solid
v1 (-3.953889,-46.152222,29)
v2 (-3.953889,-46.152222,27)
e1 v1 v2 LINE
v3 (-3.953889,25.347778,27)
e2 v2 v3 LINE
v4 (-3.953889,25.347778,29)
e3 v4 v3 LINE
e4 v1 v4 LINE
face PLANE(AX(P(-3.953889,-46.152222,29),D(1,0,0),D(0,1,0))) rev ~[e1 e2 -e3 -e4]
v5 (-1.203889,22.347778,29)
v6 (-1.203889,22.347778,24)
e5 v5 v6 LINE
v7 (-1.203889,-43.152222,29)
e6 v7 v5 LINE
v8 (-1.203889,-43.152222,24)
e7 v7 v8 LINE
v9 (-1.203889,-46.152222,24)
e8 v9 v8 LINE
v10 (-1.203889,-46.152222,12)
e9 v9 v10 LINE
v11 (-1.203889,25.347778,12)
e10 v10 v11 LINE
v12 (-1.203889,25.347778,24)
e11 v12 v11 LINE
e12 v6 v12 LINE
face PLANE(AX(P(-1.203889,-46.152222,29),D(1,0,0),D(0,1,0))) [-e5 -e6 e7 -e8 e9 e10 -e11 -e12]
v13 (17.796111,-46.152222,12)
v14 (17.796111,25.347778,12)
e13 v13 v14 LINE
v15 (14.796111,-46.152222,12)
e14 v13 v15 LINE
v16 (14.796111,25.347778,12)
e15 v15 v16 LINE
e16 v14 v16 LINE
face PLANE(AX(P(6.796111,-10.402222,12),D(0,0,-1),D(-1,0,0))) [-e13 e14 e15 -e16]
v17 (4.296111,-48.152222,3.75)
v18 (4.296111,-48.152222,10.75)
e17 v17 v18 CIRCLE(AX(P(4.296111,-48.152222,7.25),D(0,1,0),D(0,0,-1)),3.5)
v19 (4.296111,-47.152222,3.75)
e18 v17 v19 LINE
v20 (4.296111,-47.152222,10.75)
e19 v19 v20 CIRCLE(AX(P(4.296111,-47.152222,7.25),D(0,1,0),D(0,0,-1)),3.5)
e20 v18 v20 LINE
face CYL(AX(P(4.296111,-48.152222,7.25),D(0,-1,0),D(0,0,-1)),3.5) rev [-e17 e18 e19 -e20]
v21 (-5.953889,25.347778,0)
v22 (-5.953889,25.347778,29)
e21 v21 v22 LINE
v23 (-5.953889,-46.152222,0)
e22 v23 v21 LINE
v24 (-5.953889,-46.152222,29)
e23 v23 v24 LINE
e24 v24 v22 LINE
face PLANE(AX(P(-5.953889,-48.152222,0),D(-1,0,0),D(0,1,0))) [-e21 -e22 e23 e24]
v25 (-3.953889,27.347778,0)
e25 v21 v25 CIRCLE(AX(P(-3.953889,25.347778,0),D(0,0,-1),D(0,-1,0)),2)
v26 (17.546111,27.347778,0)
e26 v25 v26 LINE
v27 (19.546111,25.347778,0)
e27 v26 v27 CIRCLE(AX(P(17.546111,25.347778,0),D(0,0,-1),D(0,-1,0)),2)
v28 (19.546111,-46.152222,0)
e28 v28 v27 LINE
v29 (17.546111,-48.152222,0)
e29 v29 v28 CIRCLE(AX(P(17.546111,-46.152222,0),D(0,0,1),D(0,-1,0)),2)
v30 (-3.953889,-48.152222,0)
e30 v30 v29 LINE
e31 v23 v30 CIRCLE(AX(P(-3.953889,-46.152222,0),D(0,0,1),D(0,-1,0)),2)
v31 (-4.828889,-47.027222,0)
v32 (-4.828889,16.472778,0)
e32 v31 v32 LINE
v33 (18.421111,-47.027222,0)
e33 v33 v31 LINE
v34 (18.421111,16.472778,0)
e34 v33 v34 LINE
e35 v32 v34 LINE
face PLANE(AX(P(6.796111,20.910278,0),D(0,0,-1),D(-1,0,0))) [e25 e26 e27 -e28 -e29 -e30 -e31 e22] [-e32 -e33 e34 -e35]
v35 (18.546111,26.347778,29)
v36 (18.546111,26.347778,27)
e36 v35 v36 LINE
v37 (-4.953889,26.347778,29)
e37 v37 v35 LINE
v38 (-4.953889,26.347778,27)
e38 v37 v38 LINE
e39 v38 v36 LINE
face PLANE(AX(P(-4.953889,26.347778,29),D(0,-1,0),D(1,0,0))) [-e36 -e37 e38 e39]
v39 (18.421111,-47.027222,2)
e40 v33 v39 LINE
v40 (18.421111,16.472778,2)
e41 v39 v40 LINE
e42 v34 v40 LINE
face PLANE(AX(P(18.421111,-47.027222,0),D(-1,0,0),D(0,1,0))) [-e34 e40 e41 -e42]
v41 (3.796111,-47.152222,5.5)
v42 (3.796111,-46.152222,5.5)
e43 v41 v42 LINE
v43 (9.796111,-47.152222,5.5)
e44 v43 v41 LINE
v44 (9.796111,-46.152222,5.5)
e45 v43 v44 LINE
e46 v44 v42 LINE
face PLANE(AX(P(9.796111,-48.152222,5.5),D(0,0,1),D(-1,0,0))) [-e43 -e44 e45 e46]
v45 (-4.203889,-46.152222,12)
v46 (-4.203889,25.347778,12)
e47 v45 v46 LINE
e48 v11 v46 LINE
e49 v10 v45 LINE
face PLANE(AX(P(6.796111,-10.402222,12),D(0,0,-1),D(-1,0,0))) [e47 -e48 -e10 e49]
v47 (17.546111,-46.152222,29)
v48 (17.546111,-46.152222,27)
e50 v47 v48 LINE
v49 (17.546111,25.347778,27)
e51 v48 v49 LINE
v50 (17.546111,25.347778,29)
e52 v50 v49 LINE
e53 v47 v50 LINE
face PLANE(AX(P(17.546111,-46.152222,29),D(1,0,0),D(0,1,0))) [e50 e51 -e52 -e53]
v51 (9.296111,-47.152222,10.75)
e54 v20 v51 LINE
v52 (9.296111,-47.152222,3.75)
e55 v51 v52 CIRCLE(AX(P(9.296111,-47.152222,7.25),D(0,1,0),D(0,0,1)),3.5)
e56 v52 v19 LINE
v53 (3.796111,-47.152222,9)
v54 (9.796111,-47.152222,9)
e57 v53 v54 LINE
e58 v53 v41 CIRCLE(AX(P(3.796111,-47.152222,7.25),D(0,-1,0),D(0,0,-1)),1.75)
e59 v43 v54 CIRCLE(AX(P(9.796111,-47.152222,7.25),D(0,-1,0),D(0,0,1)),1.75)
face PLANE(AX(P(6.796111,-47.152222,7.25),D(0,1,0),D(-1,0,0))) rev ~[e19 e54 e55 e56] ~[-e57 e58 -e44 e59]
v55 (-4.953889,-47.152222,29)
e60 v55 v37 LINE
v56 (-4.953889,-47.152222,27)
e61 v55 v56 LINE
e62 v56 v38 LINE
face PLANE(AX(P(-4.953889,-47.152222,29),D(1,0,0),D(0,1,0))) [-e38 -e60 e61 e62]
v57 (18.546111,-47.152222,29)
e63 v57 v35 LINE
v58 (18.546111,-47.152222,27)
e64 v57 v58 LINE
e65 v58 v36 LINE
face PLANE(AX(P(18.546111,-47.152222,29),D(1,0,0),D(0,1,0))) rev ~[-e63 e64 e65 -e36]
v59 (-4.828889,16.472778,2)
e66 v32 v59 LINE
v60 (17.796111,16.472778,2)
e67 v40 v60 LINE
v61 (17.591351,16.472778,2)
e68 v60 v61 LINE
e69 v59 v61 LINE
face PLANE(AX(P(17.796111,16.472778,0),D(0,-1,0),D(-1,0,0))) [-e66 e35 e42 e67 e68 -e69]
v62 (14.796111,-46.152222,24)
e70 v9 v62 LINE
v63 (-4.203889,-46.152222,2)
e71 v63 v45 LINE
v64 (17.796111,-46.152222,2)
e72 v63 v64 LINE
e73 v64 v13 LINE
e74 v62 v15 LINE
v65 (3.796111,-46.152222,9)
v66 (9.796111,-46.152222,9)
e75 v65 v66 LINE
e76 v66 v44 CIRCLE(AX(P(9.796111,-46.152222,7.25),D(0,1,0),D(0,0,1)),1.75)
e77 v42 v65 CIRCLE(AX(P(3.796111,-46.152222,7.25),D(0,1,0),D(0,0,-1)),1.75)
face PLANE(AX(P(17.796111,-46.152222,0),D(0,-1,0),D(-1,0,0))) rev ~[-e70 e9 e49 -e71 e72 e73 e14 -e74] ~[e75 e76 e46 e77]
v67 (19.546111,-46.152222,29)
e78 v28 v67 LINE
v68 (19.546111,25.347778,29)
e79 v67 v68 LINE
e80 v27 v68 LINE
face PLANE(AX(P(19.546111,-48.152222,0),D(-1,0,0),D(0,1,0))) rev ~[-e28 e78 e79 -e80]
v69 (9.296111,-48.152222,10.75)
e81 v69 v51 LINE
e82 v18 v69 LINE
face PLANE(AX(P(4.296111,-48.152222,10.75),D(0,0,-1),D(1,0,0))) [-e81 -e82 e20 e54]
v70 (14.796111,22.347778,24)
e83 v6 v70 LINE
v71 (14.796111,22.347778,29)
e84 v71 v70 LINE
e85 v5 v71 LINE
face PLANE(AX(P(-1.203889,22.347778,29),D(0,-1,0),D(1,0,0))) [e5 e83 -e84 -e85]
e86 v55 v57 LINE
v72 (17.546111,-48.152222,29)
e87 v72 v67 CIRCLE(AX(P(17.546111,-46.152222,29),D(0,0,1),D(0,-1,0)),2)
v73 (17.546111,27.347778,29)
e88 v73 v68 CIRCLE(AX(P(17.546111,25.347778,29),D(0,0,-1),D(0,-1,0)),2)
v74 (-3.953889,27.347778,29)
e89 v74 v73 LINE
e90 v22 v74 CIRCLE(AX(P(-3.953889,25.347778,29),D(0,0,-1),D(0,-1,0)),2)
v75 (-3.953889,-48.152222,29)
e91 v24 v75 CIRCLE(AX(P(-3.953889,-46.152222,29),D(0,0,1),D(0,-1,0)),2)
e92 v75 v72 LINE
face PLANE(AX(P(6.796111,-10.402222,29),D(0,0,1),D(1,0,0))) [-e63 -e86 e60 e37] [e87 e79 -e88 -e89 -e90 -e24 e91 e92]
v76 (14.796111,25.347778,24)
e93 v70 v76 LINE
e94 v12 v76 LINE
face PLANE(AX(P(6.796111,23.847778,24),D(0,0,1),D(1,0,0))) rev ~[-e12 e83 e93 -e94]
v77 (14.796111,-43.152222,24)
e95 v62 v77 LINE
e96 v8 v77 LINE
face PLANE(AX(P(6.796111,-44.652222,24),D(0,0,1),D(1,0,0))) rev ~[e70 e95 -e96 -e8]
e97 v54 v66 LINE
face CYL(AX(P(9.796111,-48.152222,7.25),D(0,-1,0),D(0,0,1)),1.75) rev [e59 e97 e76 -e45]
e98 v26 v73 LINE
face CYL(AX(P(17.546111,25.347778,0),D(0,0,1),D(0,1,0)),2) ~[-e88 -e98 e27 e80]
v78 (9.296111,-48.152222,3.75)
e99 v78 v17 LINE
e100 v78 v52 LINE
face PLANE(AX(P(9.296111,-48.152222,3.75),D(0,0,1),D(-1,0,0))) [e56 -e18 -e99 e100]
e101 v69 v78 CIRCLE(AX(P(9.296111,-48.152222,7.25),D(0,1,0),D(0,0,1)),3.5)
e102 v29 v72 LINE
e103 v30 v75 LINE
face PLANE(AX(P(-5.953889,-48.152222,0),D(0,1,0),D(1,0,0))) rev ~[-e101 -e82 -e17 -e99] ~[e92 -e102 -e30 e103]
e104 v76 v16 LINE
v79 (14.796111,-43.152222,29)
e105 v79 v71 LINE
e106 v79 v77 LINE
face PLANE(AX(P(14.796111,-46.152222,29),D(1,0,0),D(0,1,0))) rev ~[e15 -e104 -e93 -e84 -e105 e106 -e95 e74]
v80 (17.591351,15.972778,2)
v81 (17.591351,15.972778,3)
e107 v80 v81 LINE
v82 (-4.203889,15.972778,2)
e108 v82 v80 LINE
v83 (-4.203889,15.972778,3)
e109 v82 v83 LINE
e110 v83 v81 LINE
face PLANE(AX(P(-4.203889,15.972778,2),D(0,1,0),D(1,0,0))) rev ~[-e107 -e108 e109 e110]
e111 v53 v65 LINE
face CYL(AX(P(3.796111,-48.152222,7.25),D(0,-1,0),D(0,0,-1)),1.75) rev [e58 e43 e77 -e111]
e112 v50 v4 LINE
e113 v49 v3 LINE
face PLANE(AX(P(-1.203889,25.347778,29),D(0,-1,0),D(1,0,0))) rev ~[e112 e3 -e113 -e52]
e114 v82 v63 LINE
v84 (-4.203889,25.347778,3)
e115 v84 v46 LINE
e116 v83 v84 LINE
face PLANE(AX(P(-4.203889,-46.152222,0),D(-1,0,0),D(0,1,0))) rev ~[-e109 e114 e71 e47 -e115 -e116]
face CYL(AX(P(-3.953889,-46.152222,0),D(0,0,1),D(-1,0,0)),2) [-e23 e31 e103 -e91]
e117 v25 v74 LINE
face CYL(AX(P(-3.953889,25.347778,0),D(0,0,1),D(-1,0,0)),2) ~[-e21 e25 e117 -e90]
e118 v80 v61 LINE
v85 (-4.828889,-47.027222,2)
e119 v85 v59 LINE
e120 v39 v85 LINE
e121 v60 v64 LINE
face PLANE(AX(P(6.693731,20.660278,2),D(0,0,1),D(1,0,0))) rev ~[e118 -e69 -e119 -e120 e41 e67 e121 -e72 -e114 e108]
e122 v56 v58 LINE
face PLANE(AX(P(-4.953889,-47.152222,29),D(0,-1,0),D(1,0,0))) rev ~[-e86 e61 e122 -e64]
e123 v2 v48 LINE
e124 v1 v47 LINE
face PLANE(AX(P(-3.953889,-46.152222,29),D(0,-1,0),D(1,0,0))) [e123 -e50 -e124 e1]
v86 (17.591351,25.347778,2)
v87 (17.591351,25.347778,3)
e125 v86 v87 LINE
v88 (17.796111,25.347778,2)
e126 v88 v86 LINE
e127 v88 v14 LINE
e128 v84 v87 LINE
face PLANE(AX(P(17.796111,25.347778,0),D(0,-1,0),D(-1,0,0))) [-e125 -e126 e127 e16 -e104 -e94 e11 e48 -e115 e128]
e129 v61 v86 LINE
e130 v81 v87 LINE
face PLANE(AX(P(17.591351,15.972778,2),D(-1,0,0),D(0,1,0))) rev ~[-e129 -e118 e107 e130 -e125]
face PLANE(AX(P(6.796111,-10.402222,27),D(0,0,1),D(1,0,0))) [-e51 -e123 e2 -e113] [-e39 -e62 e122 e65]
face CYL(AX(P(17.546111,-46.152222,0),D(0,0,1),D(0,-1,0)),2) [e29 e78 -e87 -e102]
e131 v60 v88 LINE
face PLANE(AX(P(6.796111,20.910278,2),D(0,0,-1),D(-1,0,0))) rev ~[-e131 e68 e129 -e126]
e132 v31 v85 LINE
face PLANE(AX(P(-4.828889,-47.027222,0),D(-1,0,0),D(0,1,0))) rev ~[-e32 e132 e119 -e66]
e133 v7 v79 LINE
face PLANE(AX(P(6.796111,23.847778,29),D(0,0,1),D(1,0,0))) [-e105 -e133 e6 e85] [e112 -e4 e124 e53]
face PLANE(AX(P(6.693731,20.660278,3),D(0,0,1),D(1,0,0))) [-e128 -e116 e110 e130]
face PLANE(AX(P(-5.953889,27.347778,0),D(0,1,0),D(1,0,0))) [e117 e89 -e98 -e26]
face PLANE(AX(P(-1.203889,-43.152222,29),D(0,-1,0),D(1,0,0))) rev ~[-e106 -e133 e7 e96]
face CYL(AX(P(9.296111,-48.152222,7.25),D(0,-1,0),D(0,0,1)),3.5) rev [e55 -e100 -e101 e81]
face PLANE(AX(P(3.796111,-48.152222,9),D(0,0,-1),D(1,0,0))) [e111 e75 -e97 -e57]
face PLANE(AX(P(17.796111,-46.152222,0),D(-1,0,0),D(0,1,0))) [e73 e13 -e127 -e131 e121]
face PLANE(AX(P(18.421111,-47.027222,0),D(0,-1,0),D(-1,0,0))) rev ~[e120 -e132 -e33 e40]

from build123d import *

# Parameters (mm, degrees)
SKETCH1_W                  = 25.5
SKETCH1_H                  = 75.5
MAIN_BODY_DEPTH            = 29
SKETCH2_W                  = 16
SKETCH2_H                  = 71.5
BATTERY_CUT_DEPTH          = 17
SKETCH3_W                  = 22
SKETCH3_H                  = 71.5
PCB_CUT_DEPTH              = 12
SKETCH4_W                  = 23.25
SKETCH4_H                  = 63.5
SOLAR_CUT_DEPTH            = 2
SKETCH5_W                  = 22
SKETCH5_H                  = 8.875
SOLAR_GAP_FILL_DEPTH       = 2
USB_CUT_DEPTH              = 2
USB_CLEARANCE_EMBOSS_DEPTH = 1
FILLET1_R                  = 2
SKETCH9_W                  = 23.5
SKETCH9_H                  = 73.5
SKETCH9_W_2                = 21.5
SKETCH9_H_2                = 71.5
CUT_EXTRUDE7_DEPTH         = 2
SKETCH10_W                 = 16
SKETCH10_H                 = 3
BOSS_EXTRUDE3_DEPTH        = 5
SKETCH11_W                 = 21.795239569
SKETCH11_H                 = 9.375
BOSS_EXTRUDE4_DEPTH        = 1


with BuildPart() as part:
    # Sketch1 → main body (new body)
    with BuildSketch(Plane.XY):
        with Locations((6.796111111, -10.402222222)):
            Rectangle(SKETCH1_W, SKETCH1_H)
    extrude(amount=MAIN_BODY_DEPTH)

    # Sketch2 → battery cut (cut)
    with BuildSketch(Plane.XY.offset(29)):
        with Locations((6.796111111, -10.402222222)):
            Rectangle(SKETCH2_W, SKETCH2_H)
    extrude(amount=-BATTERY_CUT_DEPTH, mode=Mode.SUBTRACT)

    # Sketch3 → pcb cut (cut)
    with BuildSketch(Plane(origin=(0, 0, 0), x_dir=(-1, 0, 0), z_dir=(0, 0, -1))):
        with Locations((-6.796111111, -10.402222222)):
            Rectangle(SKETCH3_W, SKETCH3_H)
    extrude(amount=-PCB_CUT_DEPTH, mode=Mode.SUBTRACT)

    # Sketch4 → solar cut (cut)
    with BuildSketch(Plane(origin=(0, 0, 0), x_dir=(-1, 0, 0), z_dir=(0, 0, -1))):
        with Locations((-6.796111111, -15.277222222)):
            Rectangle(SKETCH4_W, SKETCH4_H)
    extrude(amount=-SOLAR_CUT_DEPTH, mode=Mode.SUBTRACT)

    # Sketch6 → USB cut (cut)
    with BuildSketch(Plane.XZ.offset(48.152222222)):
        with BuildLine():
            Line((9.796111111, 5.5), (3.796111111, 5.5))
            ThreePointArc((3.796111111, 5.5), (2.046111111, 7.25), (3.796111111, 9))
            Line((3.796111111, 9), (9.796111111, 9))
            ThreePointArc((9.796111111, 9), (11.546111111, 7.25), (9.796111111, 5.5))
        make_face()
    extrude(amount=-USB_CUT_DEPTH, mode=Mode.SUBTRACT)

    # Sketch7 → USB clearance emboss (cut)
    with BuildSketch(Plane.XZ.offset(48.152222222)):
        with BuildLine():
            Line((9.296111111, 3.75), (4.296111111, 3.75))
            ThreePointArc((4.296111111, 3.75), (0.796111111, 7.25), (4.296111111, 10.75))
            Line((4.296111111, 10.75), (9.296111111, 10.75))
            ThreePointArc((9.296111111, 10.75), (12.796111111, 7.25), (9.296111111, 3.75))
        make_face()
    extrude(amount=-USB_CLEARANCE_EMBOSS_DEPTH, mode=Mode.SUBTRACT)

    # Fillet1
    fillet1_edges = [part.edges().sort_by_distance(p)[0] for p in [
        (-5.953888889, 27.347777778, 14.5),
        (19.546111111, 27.347777778, 14.5),
        (19.546111111, -48.152222222, 14.5),
        (-5.953888889, -48.152222222, 14.5),
    ]]
    fillet(fillet1_edges, radius=FILLET1_R)

    # Sketch9 → Cut-Extrude7 (cut)
    with BuildSketch(Plane.XY.offset(29)):
        with Locations((6.796111111, -10.402222222)):
            Rectangle(SKETCH9_W, SKETCH9_H)
        with Locations((6.796111111, -10.402222222)):
            Rectangle(SKETCH9_W_2, SKETCH9_H_2, mode=Mode.SUBTRACT)
    extrude(amount=-CUT_EXTRUDE7_DEPTH, mode=Mode.SUBTRACT)

    # Sketch10 → Boss-Extrude3 (add)
    with BuildSketch(Plane.XY.offset(29)):
        with Locations((6.796111111, 23.847777778)):
            Rectangle(SKETCH10_W, SKETCH10_H)
        with Locations((6.796111111, -44.652222222)):
            Rectangle(SKETCH10_W, SKETCH10_H)
    extrude(amount=-BOSS_EXTRUDE3_DEPTH)



with BuildPart() as body_2:
    # Sketch5 → solar gap fill (new body)
    with BuildSketch(Plane(origin=(0, 0, 0), x_dir=(-1, 0, 0), z_dir=(0, 0, -1))):
        with Locations((-6.796111111, 20.910277778)):
            Rectangle(SKETCH5_W, SKETCH5_H)
    extrude(amount=-SOLAR_GAP_FILL_DEPTH)


with BuildPart() as part_1:
    add(part.part)

    add(body_2.part)  # Boss-Extrude4 merges body 2
    # Sketch11 → Boss-Extrude4 (add)
    with BuildSketch(Plane.XY.offset(2)):
        with Locations((6.693730896, 20.660277778)):
            Rectangle(SKETCH11_W, SKETCH11_H)
    extrude(amount=BOSS_EXTRUDE4_DEPTH)


solid = part_1.part
